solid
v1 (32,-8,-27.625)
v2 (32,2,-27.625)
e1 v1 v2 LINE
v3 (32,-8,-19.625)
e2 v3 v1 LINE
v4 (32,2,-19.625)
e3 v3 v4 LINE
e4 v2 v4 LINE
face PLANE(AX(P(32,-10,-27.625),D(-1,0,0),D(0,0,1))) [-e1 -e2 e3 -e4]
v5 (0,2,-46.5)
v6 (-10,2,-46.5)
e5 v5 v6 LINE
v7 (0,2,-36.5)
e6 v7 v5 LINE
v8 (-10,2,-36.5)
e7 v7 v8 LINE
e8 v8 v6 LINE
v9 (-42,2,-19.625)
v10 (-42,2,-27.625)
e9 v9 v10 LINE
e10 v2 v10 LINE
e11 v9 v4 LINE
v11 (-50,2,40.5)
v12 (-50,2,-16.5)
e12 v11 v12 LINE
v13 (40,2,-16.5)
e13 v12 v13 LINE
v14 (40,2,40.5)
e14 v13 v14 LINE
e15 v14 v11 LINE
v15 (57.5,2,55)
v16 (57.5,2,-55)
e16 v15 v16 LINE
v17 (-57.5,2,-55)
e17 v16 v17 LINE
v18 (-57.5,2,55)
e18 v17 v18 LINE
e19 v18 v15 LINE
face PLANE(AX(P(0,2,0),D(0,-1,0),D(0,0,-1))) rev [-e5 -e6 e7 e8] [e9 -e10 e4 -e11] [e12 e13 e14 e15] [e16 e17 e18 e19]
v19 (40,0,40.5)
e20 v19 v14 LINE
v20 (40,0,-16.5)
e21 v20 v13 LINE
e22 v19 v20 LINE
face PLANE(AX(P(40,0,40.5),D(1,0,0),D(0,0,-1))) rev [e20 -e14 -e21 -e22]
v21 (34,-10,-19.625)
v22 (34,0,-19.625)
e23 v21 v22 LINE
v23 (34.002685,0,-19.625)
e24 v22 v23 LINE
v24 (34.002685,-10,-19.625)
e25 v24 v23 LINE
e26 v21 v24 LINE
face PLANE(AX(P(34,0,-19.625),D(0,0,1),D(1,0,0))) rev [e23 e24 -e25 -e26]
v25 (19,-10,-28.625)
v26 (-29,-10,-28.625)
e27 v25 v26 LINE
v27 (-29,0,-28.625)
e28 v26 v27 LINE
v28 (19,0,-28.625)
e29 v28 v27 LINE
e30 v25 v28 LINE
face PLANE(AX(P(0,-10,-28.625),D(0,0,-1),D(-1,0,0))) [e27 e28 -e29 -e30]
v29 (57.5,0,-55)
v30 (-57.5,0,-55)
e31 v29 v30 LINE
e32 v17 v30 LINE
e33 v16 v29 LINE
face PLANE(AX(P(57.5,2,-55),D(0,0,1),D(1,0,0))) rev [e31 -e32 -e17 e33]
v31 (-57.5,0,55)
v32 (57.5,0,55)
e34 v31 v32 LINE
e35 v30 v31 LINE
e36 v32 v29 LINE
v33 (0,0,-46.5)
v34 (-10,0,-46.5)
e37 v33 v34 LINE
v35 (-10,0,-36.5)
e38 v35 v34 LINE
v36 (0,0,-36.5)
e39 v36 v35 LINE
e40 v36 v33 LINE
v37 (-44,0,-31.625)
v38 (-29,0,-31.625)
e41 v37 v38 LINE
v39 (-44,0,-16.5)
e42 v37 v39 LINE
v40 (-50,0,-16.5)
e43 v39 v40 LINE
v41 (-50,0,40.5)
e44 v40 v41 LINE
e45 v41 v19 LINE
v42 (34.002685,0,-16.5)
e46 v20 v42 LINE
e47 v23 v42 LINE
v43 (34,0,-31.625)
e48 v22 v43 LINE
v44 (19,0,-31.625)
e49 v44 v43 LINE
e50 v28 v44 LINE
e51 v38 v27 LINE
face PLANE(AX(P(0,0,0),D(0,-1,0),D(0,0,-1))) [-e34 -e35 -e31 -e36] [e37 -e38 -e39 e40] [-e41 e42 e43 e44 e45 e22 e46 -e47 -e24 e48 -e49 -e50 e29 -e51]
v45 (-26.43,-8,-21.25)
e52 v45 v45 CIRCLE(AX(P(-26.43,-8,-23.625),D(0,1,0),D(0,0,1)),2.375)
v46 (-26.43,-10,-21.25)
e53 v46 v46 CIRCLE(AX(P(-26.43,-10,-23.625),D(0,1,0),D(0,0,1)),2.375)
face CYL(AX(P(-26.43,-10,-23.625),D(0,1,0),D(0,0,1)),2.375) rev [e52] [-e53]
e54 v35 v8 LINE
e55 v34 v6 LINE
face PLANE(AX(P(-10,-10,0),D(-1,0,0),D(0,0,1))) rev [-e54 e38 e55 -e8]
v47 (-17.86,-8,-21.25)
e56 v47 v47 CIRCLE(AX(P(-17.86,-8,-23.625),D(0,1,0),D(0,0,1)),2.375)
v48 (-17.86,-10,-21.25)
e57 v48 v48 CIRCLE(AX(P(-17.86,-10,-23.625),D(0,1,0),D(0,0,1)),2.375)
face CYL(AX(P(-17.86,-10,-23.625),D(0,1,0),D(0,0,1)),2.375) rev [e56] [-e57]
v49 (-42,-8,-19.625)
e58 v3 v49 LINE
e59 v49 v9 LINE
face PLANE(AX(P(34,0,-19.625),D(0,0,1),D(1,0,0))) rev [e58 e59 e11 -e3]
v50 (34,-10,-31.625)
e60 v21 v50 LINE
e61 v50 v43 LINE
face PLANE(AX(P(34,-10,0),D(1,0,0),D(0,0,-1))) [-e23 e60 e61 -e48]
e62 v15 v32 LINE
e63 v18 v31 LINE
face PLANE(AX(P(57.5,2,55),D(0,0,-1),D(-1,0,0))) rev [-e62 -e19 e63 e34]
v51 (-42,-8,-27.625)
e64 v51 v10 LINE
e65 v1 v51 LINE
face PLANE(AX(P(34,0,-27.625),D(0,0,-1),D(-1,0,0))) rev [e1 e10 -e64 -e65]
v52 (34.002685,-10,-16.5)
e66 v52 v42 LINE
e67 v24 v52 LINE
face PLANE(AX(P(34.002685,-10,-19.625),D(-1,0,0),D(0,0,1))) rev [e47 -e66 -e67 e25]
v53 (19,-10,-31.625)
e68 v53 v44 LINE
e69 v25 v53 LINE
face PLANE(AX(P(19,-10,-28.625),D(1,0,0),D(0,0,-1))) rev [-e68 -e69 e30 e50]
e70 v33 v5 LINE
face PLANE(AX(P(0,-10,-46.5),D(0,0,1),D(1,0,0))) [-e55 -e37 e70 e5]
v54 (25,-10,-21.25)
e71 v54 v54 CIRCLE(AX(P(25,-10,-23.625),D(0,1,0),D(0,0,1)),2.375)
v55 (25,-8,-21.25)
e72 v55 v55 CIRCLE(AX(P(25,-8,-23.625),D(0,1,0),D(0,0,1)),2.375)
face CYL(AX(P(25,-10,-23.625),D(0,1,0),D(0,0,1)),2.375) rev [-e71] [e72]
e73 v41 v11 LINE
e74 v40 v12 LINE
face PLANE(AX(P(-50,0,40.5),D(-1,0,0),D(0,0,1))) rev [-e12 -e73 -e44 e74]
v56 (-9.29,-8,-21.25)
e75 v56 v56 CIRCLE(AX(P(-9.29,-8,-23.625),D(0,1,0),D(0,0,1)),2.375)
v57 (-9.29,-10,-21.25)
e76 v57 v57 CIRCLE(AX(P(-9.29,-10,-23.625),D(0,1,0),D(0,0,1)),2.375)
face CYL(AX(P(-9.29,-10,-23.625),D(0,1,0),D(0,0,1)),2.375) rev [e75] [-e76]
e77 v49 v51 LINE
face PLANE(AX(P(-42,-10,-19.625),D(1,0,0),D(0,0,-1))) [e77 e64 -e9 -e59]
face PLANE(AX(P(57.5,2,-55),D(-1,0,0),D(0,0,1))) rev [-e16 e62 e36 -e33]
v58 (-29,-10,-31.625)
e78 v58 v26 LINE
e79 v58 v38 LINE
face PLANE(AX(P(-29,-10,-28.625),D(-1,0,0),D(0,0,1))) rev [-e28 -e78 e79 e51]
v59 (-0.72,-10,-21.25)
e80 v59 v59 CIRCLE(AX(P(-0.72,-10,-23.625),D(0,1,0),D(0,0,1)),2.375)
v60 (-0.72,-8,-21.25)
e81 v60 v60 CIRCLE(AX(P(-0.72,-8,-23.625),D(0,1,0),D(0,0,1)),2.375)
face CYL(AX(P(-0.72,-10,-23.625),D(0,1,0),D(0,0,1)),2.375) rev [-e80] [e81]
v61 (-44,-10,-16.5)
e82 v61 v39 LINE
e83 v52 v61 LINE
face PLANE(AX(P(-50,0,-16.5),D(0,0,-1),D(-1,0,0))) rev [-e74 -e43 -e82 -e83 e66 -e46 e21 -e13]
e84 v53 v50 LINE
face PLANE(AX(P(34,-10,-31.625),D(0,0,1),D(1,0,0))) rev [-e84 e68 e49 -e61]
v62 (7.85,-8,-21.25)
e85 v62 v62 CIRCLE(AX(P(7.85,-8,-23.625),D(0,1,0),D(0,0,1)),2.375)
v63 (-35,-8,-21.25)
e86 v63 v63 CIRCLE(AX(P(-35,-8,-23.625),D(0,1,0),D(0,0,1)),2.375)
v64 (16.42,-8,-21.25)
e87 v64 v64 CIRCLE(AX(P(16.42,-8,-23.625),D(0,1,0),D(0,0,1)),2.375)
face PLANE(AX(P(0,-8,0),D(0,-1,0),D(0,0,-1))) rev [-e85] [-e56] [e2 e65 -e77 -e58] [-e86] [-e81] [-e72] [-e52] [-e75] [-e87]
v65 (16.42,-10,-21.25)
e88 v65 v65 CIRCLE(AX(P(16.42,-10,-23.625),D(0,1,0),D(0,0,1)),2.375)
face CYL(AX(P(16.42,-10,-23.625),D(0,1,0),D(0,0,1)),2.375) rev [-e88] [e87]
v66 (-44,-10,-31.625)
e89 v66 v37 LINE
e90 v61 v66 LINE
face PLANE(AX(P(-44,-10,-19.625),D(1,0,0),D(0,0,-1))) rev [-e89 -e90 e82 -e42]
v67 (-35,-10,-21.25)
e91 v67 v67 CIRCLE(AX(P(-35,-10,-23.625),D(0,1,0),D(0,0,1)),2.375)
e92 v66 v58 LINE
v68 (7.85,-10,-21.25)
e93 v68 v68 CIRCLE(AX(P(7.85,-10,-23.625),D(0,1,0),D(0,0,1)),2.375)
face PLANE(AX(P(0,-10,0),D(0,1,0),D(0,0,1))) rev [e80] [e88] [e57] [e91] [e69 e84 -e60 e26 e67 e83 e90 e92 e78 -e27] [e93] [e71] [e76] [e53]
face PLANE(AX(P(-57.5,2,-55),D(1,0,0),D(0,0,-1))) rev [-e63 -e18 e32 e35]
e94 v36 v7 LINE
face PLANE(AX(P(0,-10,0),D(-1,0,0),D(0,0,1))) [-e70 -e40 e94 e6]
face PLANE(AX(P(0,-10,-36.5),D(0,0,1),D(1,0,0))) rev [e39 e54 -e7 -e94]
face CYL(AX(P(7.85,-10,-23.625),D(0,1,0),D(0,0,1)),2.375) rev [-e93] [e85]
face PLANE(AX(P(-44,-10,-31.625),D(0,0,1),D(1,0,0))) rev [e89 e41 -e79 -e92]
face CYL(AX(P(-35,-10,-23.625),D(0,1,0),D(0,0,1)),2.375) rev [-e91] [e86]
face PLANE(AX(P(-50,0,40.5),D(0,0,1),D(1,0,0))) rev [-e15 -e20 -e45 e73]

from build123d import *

# Parameters (mm, degrees)
SKETCH2_W               = 115
SKETCH2_H               = 110
BOSS_EXTRUDE1_DEPTH     = 2
CUT_EXTRUDE1_DEPTH      = 80.594283714
CUT_EXTRUDE1_DEPTH_BACK = 80.594283714
SKETCH3_W               = 90
SKETCH3_H               = 57
SKETCH4_W               = 10
SKETCH4_H               = 10
CUT_EXTRUDE2_DEPTH      = 2
SKETCH5_W               = 78
SKETCH5_H               = 8
CUT_EXTRUDE3_DEPTH      = 80.594283714
SKETCH6_W               = 78.002684591
SKETCH6_H               = 3.125
BOSS_EXTRUDE3_DEPTH     = 10
BOSS_EXTRUDE6_DEPTH     = 10
SKETCH10_W              = 2
SKETCH10_H              = 8
BOSS_EXTRUDE7_DEPTH     = 12
SKETCH11_W              = 2
SKETCH11_H              = 8
BOSS_EXTRUDE8_DEPTH     = 12
SKETCH12_W              = 15
SKETCH12_H              = 3
BOSS_EXTRUDE9_DEPTH     = 10
SKETCH13_W              = 15
SKETCH13_H              = 3
BOSS_EXTRUDE10_DEPTH    = 10
SKETCH14_W              = 74
SKETCH14_H              = 8
BOSS_EXTRUDE11_DEPTH    = 2
SKETCH17_R              = 2.375
CUT_EXTRUDE4_DEPTH      = 81.195074662
SKETCH18_W              = 10
SKETCH18_H              = 10
BOSS_EXTRUDE12_DEPTH    = 2
CUT_EXTRUDE5_DEPTH      = 81.468938107
CUT_EXTRUDE5_DEPTH_BACK = 81.468938107
SKETCH20_W              = 10
SKETCH20_H              = 10


with BuildPart() as part:
    # Sketch2 → Boss-Extrude1 (new body)
    with BuildSketch(Plane(origin=(0, 0, 0), x_dir=(1, 0, 0), z_dir=(0, 1, 0))):
        Rectangle(SKETCH2_W, SKETCH2_H)
    extrude(amount=BOSS_EXTRUDE1_DEPTH)

    # Sketch3 → Cut-Extrude1 (cut, two sides: drawn at the far end of the back side and taken through both)
    with BuildSketch(Plane(origin=(0, 2, 0), x_dir=(1, 0, 0), z_dir=(0, 1, 0)).offset(-CUT_EXTRUDE1_DEPTH_BACK)):
        with Locations((-5, -12)):
            Rectangle(SKETCH3_W, SKETCH3_H)
    extrude(amount=CUT_EXTRUDE1_DEPTH + CUT_EXTRUDE1_DEPTH_BACK, mode=Mode.SUBTRACT)

    # Sketch4 → Cut-Extrude2 (cut)
    with BuildSketch(Plane(origin=(0, 2, 0), x_dir=(1, 0, 0), z_dir=(0, 1, 0))):
        with Locations((-5, 35.75)):
            Rectangle(SKETCH4_W, SKETCH4_H)
    extrude(amount=-CUT_EXTRUDE2_DEPTH, mode=Mode.SUBTRACT)

    # Sketch5 → Cut-Extrude3 (cut, through all)
    with BuildSketch(Plane(origin=(0, 2, 0), x_dir=(1, 0, 0), z_dir=(0, 1, 0))):
        with Locations((-5, 23.625)):
            Rectangle(SKETCH5_W, SKETCH5_H)
    extrude(amount=-CUT_EXTRUDE3_DEPTH, mode=Mode.SUBTRACT)

    # Sketch6 → Boss-Extrude3 (add)
    with BuildSketch(Plane(origin=(0, 0, 0), x_dir=(-1, 0, 0), z_dir=(0, -1, 0))):
        with Locations((4.998657704, 18.0625)):
            Rectangle(SKETCH6_W, SKETCH6_H)
    extrude(amount=BOSS_EXTRUDE3_DEPTH)

    # Sketch8 → Boss-Extrude6 (add)
    with BuildSketch(Plane(origin=(0, 0, 0), x_dir=(-1, 0, 0), z_dir=(0, -1, 0))):
        Polygon((-34, 28.625), (-34, 27.625), (-32, 27.625), (42, 27.625), (44, 27.625), (44, 28.625), (29, 28.625), (-19, 28.625), align=None)
    extrude(amount=BOSS_EXTRUDE6_DEPTH)

    # Sketch10 → Boss-Extrude7 (add)
    with BuildSketch(Plane(origin=(0, 2, 0), x_dir=(1, 0, 0), z_dir=(0, 1, 0))):
        with Locations((33, 23.625)):
            Rectangle(SKETCH10_W, SKETCH10_H)
    extrude(amount=-BOSS_EXTRUDE7_DEPTH)

    # Sketch11 → Boss-Extrude8 (add)
    with BuildSketch(Plane(origin=(0, 2, 0), x_dir=(1, 0, 0), z_dir=(0, 1, 0))):
        with Locations((-43, 23.625)):
            Rectangle(SKETCH11_W, SKETCH11_H)
    extrude(amount=-BOSS_EXTRUDE8_DEPTH)

    # Sketch12 → Boss-Extrude9 (add)
    with BuildSketch(Plane(origin=(0, 0, 0), x_dir=(-1, 0, 0), z_dir=(0, -1, 0))):
        with Locations((-26.5, 30.125)):
            Rectangle(SKETCH12_W, SKETCH12_H)
    extrude(amount=BOSS_EXTRUDE9_DEPTH)

    # Sketch13 → Boss-Extrude10 (add)
    with BuildSketch(Plane(origin=(0, 0, 0), x_dir=(-1, 0, 0), z_dir=(0, -1, 0))):
        with Locations((36.5, 30.125)):
            Rectangle(SKETCH13_W, SKETCH13_H)
    extrude(amount=BOSS_EXTRUDE10_DEPTH)

    # Sketch14 → Boss-Extrude11 (add)
    with BuildSketch(Plane(origin=(0, -10, 0), x_dir=(-1, 0, 0), z_dir=(0, -1, 0))):
        with Locations((5, 23.625)):
            Rectangle(SKETCH14_W, SKETCH14_H)
    extrude(amount=-BOSS_EXTRUDE11_DEPTH)

    # Sketch17 → Cut-Extrude4 (cut, through all)
    with BuildSketch(Plane(origin=(0, -8, 0), x_dir=(1, 0, 0), z_dir=(0, 1, 0))):
        with Locations(Location((25, 23.625, 0), (0, 0, 270))):
            Circle(SKETCH17_R)
        with Locations(Location((-35, 23.625, 0), (0, 0, 270))):
            Circle(SKETCH17_R)
        with Locations(Location((-26.43, 23.625, 0), (0, 0, 270))):
            Circle(SKETCH17_R)
        with Locations(Location((-17.86, 23.625, 0), (0, 0, 270))):
            Circle(SKETCH17_R)
        with Locations(Location((-0.72, 23.625, 0), (0, 0, 270))):
            Circle(SKETCH17_R)
        with Locations(Location((7.85, 23.625, 0), (0, 0, 270))):
            Circle(SKETCH17_R)
        with Locations(Location((16.42, 23.625, 0), (0, 0, 270))):
            Circle(SKETCH17_R)
        with Locations(Location((-9.29, 23.625, 0), (0, 0, 270))):
            Circle(SKETCH17_R)
    extrude(amount=-CUT_EXTRUDE4_DEPTH, mode=Mode.SUBTRACT)

    # Sketch18 → Boss-Extrude12 (add)
    with BuildSketch(Plane(origin=(0, 2, 0), x_dir=(1, 0, 0), z_dir=(0, 1, 0))):
        with Locations((-5, 35.75)):
            Rectangle(SKETCH18_W, SKETCH18_H)
    extrude(amount=-BOSS_EXTRUDE12_DEPTH)

    # Sketch20 → Cut-Extrude5 (cut, two sides: drawn at the far end of the back side and taken through both)
    with BuildSketch(Plane(origin=(0, 2, 0), x_dir=(1, 0, 0), z_dir=(0, 1, 0)).offset(-CUT_EXTRUDE5_DEPTH_BACK)):
        with Locations((-5, 41.5)):
            Rectangle(SKETCH20_W, SKETCH20_H)
    extrude(amount=CUT_EXTRUDE5_DEPTH + CUT_EXTRUDE5_DEPTH_BACK, mode=Mode.SUBTRACT)


solid = part.part
